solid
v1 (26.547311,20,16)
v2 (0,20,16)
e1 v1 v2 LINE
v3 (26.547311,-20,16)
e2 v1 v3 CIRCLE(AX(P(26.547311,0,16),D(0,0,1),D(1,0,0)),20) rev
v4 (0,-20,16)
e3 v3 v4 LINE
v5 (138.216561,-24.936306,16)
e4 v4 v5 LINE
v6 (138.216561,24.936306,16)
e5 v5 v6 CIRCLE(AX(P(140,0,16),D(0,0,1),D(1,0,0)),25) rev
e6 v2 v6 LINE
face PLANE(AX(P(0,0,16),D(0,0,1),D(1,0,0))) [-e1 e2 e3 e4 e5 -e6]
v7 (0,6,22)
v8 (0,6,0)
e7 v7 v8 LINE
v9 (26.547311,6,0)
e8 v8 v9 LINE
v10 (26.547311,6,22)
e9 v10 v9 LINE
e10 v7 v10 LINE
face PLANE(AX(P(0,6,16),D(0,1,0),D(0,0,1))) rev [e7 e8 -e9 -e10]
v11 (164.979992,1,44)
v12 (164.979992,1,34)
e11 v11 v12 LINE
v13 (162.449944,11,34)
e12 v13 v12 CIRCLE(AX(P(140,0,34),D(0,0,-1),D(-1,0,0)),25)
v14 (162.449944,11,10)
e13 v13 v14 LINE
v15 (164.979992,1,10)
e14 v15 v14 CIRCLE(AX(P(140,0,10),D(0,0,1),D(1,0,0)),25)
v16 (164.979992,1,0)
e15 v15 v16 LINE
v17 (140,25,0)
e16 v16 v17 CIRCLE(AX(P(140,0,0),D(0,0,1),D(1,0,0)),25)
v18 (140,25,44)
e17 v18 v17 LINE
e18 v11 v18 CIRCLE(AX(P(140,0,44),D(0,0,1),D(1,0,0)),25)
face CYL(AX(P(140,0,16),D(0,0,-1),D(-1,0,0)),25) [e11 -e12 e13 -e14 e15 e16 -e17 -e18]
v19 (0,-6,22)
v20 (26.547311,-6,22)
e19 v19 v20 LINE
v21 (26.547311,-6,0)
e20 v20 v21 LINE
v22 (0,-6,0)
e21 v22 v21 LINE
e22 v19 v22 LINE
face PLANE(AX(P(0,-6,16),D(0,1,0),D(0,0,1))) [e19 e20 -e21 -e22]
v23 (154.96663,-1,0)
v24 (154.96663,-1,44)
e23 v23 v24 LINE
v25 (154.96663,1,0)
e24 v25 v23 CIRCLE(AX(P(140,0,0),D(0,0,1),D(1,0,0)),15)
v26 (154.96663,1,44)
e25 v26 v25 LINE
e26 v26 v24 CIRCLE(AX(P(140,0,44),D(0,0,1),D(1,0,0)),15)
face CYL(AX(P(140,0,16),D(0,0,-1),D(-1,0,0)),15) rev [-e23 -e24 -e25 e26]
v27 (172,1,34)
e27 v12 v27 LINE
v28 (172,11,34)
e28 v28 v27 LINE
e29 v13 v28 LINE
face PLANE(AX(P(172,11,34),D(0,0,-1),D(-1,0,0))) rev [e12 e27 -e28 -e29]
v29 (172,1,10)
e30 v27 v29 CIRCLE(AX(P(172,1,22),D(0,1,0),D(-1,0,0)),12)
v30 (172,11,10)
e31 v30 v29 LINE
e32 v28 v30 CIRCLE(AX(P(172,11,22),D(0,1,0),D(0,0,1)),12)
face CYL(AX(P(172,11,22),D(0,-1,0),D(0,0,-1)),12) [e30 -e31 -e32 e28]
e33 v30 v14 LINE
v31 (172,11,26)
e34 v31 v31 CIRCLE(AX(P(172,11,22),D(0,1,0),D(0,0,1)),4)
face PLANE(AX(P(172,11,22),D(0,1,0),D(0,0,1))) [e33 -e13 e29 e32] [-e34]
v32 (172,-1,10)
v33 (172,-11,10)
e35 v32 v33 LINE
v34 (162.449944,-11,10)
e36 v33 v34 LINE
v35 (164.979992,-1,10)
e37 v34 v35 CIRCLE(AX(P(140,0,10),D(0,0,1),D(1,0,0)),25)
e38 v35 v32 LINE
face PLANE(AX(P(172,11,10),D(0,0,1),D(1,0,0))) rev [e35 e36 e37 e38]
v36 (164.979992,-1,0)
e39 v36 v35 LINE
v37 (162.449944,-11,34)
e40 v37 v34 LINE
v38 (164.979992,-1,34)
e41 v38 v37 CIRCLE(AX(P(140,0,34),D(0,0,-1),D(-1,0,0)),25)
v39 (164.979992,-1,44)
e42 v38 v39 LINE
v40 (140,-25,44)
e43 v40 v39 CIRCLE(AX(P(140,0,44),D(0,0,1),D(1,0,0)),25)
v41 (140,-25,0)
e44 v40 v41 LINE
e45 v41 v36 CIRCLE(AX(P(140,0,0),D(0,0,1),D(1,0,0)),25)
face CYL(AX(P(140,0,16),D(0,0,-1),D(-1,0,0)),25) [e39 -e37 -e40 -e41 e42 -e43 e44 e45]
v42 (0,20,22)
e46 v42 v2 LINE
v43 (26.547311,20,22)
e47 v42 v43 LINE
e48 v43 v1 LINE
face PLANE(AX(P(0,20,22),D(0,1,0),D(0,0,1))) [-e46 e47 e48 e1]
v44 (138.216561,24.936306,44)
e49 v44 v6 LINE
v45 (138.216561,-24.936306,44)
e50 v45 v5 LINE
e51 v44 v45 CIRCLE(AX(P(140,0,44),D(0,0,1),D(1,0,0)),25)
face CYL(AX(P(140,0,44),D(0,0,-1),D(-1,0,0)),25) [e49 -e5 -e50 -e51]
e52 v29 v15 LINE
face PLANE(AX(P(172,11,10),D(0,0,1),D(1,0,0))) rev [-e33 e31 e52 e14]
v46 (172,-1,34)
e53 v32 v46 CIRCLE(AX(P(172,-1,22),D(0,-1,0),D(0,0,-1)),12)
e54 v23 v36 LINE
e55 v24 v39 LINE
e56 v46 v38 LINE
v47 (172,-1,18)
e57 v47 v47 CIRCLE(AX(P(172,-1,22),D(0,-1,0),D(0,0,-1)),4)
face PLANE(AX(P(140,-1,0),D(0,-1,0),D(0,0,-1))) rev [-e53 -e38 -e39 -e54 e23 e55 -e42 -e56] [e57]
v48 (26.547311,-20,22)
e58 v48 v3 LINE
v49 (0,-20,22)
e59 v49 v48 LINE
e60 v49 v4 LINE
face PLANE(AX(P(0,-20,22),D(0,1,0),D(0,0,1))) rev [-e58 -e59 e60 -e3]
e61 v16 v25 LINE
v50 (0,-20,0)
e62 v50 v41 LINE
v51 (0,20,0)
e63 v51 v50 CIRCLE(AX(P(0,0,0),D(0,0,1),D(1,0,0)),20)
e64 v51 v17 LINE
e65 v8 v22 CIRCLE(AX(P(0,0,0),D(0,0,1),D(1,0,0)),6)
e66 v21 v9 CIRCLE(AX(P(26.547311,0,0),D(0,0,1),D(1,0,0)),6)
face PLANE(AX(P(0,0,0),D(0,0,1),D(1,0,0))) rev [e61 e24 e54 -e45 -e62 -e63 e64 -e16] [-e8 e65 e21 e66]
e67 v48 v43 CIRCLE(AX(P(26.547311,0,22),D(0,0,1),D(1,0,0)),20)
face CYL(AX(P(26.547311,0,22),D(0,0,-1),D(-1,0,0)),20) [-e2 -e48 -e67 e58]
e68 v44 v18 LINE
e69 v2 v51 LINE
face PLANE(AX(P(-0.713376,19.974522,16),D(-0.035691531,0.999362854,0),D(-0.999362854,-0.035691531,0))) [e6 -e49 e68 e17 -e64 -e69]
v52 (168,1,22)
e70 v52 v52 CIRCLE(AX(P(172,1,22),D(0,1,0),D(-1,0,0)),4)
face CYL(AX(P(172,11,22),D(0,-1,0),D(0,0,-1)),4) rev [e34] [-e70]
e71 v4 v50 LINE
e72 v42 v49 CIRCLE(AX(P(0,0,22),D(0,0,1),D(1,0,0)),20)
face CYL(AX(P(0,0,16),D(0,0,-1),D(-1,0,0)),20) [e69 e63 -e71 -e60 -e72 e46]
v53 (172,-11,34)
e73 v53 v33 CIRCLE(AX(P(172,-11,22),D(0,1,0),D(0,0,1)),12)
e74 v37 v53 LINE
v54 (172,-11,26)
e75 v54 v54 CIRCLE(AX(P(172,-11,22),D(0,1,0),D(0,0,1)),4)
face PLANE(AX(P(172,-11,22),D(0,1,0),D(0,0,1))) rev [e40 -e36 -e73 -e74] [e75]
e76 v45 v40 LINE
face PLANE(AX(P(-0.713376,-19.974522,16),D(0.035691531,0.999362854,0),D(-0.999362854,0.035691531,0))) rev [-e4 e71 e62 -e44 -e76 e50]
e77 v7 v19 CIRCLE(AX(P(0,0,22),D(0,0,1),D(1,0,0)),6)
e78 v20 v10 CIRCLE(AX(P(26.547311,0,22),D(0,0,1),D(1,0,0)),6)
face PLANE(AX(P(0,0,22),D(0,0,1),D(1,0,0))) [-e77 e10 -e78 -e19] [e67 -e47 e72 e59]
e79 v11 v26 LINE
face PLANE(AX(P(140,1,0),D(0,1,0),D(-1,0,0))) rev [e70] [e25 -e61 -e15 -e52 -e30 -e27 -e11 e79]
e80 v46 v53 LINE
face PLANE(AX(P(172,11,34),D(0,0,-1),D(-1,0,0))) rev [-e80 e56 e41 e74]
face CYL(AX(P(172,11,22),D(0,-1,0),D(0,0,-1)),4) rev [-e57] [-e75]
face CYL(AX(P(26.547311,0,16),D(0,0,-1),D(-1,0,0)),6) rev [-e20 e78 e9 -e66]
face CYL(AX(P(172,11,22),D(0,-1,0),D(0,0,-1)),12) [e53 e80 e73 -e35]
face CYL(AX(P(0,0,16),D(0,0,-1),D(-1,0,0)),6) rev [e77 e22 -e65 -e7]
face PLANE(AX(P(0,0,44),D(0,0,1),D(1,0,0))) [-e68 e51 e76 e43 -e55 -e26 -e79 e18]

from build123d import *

# Parameters (mm, degrees)
SKICA2_R                 = 15
P_IDAT_VYSUNUT_M1_DEPTH  = 16
P_IDAT_VYSUNUT_M2_DEPTH  = 22
SKICA2_4_R               = 15
P_IDAT_VYSUNUT_M3_DEPTH  = 44
SKICA3_R                 = 4
P_IDAT_VYSUNUT_M4_DEPTH  = 11
SKICA4_W                 = 50
SKICA4_H                 = 2
ODEBRAT_VYSUNUT_M1_DEPTH = 191.832387188


with BuildPart() as part:
    # Skica2 → Přidat vysunutím1 (new body)
    with BuildSketch(Plane.XY):
        with BuildLine():
            ThreePointArc((0, 20), (-20, 0), (0, -20))
            Line((0, -20), (140, -25))
            ThreePointArc((140, -25), (165, 0), (140, 25))
            Line((140, 25), (0, 20))
        make_face()
        with Locations((140, 0)):
            Circle(SKICA2_R, mode=Mode.SUBTRACT)
        with BuildLine():
            Line((26.547310648, -6), (0, -6))
            ThreePointArc((0, -6), (-6, 0), (0, 6))
            Line((0, 6), (26.547310648, 6))
            ThreePointArc((26.547310648, 6), (32.547310648, 0), (26.547310648, -6))
        make_face(mode=Mode.SUBTRACT)
    extrude(amount=P_IDAT_VYSUNUT_M1_DEPTH)

    # Skica2<3> → Přidat vysunutím2 (add)
    with BuildSketch(Plane.XY):
        with BuildLine():
            Line((26.547310648, 20), (0, 20))
            ThreePointArc((0, 20), (-20, 0), (0, -20))
            Line((0, -20), (26.547310648, -20))
            ThreePointArc((26.547310648, -20), (46.547310648, 0), (26.547310648, 20))
        make_face()
        with BuildLine():
            ThreePointArc((0, -6), (-6, 0), (0, 6))
            Line((0, 6), (26.547310648, 6))
            ThreePointArc((26.547310648, 6), (32.547310648, 0), (26.547310648, -6))
            Line((26.547310648, -6), (0, -6))
        make_face(mode=Mode.SUBTRACT)
    extrude(amount=P_IDAT_VYSUNUT_M2_DEPTH)

    # Skica2<4> → Přidat vysunutím3 (add)
    with BuildSketch(Plane.XY):
        with BuildLine():
            Line((140, 25), (138.21656051, 24.936305732))
            ThreePointArc((138.21656051, 24.936305732), (115, 0), (138.21656051, -24.936305732))
            Line((138.21656051, -24.936305732), (140, -25))
            ThreePointArc((140, -25), (157.67766953, -17.67766953), (165, 0))
            ThreePointArc((165, 0), (157.67766953, 17.67766953), (140, 25))
        make_face()
        with Locations((140, 0)):
            Circle(SKICA2_4_R, mode=Mode.SUBTRACT)
    extrude(amount=P_IDAT_VYSUNUT_M3_DEPTH)

    # Skica3 → Přidat vysunutím4 (add, symmetric)
    with BuildSketch(Plane(origin=(0, 0, 0), x_dir=(1, 0, 0), z_dir=(0, 1, 0))):
        with BuildLine():
            Line((172, -10), (156.52015128, -10))
            Line((156.52015128, -10), (156.52015128, -34))
            Line((156.52015128, -34), (172, -34))
            ThreePointArc((172, -34), (184, -22), (172, -10))
        make_face()
        with Locations((172, -22)):
            Circle(SKICA3_R, mode=Mode.SUBTRACT)
    extrude(amount=P_IDAT_VYSUNUT_M4_DEPTH, both=True)

    # Skica4 → Odebrat vysunutím1 (cut, through all)
    with BuildSketch(Plane.XY.offset(44)):
        with Locations((165, 0)):
            Rectangle(SKICA4_W, SKICA4_H)
    extrude(amount=-ODEBRAT_VYSUNUT_M1_DEPTH, mode=Mode.SUBTRACT)


solid = part.part
